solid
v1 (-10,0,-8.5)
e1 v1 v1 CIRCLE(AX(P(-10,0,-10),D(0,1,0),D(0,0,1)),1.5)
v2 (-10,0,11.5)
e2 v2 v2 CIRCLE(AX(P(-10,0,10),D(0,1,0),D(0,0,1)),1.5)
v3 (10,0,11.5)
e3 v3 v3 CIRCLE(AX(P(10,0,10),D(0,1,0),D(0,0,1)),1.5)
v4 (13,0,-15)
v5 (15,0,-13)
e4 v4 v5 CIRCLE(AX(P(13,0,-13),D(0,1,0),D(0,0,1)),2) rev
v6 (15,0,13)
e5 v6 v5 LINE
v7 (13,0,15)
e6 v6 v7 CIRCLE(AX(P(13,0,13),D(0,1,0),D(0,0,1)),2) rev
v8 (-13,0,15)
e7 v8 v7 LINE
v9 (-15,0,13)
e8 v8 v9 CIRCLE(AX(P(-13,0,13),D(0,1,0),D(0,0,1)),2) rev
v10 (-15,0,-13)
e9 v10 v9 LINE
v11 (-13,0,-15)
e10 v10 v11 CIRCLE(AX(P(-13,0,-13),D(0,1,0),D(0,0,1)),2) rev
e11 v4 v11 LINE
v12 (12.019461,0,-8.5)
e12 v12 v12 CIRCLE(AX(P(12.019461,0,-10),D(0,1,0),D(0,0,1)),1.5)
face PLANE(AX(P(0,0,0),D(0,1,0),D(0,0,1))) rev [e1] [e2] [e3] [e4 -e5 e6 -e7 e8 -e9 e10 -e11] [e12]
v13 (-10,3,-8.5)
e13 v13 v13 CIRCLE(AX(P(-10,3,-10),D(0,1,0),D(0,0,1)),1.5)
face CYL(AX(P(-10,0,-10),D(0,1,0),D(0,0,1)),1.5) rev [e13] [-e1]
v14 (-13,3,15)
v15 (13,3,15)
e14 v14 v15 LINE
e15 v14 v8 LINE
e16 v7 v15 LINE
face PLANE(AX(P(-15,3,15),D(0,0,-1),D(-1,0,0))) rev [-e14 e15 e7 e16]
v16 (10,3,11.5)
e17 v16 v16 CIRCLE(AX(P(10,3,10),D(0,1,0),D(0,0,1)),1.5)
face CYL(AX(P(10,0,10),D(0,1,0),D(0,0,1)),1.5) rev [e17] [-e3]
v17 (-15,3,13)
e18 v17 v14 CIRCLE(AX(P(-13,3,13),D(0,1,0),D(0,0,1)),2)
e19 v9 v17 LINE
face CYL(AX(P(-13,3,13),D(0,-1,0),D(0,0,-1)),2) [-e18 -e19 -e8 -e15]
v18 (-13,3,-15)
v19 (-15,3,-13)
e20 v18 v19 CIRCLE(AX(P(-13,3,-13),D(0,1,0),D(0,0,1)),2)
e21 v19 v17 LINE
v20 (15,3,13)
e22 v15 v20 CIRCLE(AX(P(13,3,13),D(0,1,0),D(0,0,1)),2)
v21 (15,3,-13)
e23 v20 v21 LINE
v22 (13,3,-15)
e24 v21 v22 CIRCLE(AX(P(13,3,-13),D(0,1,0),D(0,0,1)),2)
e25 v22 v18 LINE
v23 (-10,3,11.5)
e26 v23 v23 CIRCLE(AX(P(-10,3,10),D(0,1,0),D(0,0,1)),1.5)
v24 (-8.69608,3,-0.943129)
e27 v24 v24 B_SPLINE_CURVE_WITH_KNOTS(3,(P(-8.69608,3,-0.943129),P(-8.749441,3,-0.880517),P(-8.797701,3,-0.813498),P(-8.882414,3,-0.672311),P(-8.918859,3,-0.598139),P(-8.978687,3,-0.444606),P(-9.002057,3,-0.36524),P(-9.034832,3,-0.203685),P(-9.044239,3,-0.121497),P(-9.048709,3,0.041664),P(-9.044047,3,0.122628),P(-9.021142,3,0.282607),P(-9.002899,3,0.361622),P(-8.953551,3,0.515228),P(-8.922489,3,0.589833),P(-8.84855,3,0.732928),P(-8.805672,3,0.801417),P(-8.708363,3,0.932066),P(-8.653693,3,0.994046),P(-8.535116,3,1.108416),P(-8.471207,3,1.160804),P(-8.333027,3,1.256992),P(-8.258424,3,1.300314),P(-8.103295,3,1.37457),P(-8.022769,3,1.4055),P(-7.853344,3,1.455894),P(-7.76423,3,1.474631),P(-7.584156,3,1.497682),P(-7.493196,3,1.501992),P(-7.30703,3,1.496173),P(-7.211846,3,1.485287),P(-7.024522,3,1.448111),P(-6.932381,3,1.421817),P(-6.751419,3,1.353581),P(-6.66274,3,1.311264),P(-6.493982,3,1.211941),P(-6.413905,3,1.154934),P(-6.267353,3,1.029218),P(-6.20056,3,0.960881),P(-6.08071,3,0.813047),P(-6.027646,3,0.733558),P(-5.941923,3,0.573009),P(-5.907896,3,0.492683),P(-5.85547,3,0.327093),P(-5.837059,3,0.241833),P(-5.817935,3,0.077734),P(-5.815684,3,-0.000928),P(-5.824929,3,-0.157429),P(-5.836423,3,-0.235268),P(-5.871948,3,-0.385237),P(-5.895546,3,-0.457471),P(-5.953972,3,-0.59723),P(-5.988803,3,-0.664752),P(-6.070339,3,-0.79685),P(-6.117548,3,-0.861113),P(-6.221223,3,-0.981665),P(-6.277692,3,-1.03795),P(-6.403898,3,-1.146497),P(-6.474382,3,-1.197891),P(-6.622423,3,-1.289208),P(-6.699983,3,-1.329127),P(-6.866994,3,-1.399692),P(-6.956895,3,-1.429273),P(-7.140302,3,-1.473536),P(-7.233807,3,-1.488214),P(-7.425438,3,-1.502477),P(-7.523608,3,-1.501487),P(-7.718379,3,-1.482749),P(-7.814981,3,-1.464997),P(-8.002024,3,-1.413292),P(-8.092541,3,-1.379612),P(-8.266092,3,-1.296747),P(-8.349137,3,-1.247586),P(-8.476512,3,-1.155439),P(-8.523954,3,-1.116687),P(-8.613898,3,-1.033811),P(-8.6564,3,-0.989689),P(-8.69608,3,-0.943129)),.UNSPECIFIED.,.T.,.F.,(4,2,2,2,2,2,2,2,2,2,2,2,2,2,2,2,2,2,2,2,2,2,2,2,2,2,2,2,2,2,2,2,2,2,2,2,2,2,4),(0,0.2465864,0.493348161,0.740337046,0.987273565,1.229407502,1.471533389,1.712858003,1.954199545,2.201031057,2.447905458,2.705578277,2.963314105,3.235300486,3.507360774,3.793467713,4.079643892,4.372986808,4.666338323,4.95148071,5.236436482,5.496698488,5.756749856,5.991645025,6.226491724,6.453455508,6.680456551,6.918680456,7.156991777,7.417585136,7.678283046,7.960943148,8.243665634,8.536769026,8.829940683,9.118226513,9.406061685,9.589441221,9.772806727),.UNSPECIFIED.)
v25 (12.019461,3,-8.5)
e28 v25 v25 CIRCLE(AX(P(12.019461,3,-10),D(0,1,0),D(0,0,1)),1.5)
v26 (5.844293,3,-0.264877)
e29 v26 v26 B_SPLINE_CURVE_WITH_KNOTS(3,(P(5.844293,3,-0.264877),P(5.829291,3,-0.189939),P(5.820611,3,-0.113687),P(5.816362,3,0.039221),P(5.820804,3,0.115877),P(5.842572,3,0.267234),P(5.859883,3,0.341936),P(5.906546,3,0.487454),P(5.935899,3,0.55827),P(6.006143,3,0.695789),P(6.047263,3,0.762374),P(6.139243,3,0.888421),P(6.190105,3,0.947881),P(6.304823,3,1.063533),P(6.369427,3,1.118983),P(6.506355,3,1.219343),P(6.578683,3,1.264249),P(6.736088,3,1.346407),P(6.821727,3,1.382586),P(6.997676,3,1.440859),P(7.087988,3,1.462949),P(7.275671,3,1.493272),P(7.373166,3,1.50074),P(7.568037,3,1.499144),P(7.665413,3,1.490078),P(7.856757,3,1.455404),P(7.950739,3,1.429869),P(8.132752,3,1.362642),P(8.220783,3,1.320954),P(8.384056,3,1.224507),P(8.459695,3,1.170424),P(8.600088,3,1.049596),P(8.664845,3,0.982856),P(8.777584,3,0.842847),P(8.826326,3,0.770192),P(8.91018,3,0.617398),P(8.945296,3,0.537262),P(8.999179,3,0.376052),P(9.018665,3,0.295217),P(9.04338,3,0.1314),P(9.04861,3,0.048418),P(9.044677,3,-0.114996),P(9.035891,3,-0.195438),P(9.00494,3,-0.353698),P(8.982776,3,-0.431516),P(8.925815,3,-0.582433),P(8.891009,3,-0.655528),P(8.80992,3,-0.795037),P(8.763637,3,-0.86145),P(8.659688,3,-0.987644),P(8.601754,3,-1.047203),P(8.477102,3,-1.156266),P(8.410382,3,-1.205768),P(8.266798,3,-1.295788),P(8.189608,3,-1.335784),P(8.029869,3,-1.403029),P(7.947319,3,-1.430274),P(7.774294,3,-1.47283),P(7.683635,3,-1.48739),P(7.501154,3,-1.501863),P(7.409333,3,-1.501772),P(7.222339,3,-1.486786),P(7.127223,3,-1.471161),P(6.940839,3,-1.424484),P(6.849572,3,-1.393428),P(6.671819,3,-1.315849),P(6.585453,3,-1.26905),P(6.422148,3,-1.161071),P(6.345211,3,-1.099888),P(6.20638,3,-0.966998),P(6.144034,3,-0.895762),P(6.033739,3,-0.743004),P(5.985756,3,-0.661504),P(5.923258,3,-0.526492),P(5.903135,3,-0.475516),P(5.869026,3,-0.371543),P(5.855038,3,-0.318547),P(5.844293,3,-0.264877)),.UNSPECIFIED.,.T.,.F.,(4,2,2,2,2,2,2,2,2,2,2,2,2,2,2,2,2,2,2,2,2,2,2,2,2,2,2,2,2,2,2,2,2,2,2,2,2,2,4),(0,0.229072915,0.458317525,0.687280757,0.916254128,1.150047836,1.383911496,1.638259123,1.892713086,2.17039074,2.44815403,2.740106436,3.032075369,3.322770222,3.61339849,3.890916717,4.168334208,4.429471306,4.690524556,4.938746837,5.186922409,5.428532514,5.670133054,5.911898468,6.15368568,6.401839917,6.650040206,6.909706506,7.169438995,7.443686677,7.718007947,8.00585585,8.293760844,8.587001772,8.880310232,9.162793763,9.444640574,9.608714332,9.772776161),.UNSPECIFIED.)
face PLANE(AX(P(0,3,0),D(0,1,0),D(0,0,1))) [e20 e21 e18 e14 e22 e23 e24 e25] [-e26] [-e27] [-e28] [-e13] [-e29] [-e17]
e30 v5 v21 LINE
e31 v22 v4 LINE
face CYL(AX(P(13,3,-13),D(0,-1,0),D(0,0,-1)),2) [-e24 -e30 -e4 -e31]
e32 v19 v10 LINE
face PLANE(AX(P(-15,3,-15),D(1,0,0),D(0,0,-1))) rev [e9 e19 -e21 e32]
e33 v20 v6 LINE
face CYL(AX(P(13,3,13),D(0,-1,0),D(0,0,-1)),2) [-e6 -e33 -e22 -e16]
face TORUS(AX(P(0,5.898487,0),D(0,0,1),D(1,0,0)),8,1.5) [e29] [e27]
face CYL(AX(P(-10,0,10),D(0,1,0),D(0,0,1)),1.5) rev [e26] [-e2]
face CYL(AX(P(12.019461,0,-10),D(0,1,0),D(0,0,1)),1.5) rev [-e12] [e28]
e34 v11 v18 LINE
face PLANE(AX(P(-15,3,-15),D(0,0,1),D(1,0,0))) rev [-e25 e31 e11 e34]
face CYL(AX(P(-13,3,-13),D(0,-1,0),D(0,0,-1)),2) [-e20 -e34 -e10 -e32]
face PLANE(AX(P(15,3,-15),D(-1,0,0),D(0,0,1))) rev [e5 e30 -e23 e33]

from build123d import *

# Parameters (mm, degrees)
SKETCH1_W           = 30
SKETCH1_H           = 30
BOSS_EXTRUDE1_DEPTH = 3
SWEEP1_PROFILE_R    = 1.5
SKETCH12_R          = 1.5
CUT_EXTRUDE1_DEPTH  = 3
FILLET1_R           = 2


with BuildPart() as part:
    # Sketch1 → Boss-Extrude1 (new body)
    with BuildSketch(Plane(origin=(0, 0, 0), x_dir=(1, 0, 0), z_dir=(0, 1, 0))):
        Rectangle(SKETCH1_W, SKETCH1_H)
    extrude(amount=BOSS_EXTRUDE1_DEPTH)

    # Sweep1: sweep along a path in Sketch2
    with BuildLine(Plane.XY) as sweep1_path:
        ThreePointArc((6.607920582, 1.389009429), (0, 13.898486736), (-6.607920582, 1.389009429))
    # Sweep1 profile (on start of the path) → Sweep1 (sweep)
    with BuildSketch(Plane(origin=(6.607920582, 1.389009429, 0), x_dir=(0.8259900728012373, -0.5636846632948309, 0), z_dir=(0.5636846632948309, 0.8259900728012373, 0))):
        Circle(SWEEP1_PROFILE_R)
    sweep(path=sweep1_path.line)

    # Sketch12 → Cut-Extrude1 (cut)
    with BuildSketch(Plane(origin=(0, 3, 0), x_dir=(1, 0, 0), z_dir=(0, 1, 0))):
        with Locations((-10, 10)):
            Circle(SKETCH12_R)
        with Locations((12.019460679, 10)):
            Circle(SKETCH12_R)
        with Locations((10, -10)):
            Circle(SKETCH12_R)
        with Locations((-10, -10)):
            Circle(SKETCH12_R)
    extrude(amount=-CUT_EXTRUDE1_DEPTH, mode=Mode.SUBTRACT)

    # Fillet1
    fillet1_edges = [part.edges().sort_by_distance(p)[0] for p in [
        (-15, 1.5, 15),
        (-15, 1.5, -15),
        (15, 1.5, 15),
        (15, 1.5, -15),
    ]]
    fillet(fillet1_edges, radius=FILLET1_R)


solid = part.part
